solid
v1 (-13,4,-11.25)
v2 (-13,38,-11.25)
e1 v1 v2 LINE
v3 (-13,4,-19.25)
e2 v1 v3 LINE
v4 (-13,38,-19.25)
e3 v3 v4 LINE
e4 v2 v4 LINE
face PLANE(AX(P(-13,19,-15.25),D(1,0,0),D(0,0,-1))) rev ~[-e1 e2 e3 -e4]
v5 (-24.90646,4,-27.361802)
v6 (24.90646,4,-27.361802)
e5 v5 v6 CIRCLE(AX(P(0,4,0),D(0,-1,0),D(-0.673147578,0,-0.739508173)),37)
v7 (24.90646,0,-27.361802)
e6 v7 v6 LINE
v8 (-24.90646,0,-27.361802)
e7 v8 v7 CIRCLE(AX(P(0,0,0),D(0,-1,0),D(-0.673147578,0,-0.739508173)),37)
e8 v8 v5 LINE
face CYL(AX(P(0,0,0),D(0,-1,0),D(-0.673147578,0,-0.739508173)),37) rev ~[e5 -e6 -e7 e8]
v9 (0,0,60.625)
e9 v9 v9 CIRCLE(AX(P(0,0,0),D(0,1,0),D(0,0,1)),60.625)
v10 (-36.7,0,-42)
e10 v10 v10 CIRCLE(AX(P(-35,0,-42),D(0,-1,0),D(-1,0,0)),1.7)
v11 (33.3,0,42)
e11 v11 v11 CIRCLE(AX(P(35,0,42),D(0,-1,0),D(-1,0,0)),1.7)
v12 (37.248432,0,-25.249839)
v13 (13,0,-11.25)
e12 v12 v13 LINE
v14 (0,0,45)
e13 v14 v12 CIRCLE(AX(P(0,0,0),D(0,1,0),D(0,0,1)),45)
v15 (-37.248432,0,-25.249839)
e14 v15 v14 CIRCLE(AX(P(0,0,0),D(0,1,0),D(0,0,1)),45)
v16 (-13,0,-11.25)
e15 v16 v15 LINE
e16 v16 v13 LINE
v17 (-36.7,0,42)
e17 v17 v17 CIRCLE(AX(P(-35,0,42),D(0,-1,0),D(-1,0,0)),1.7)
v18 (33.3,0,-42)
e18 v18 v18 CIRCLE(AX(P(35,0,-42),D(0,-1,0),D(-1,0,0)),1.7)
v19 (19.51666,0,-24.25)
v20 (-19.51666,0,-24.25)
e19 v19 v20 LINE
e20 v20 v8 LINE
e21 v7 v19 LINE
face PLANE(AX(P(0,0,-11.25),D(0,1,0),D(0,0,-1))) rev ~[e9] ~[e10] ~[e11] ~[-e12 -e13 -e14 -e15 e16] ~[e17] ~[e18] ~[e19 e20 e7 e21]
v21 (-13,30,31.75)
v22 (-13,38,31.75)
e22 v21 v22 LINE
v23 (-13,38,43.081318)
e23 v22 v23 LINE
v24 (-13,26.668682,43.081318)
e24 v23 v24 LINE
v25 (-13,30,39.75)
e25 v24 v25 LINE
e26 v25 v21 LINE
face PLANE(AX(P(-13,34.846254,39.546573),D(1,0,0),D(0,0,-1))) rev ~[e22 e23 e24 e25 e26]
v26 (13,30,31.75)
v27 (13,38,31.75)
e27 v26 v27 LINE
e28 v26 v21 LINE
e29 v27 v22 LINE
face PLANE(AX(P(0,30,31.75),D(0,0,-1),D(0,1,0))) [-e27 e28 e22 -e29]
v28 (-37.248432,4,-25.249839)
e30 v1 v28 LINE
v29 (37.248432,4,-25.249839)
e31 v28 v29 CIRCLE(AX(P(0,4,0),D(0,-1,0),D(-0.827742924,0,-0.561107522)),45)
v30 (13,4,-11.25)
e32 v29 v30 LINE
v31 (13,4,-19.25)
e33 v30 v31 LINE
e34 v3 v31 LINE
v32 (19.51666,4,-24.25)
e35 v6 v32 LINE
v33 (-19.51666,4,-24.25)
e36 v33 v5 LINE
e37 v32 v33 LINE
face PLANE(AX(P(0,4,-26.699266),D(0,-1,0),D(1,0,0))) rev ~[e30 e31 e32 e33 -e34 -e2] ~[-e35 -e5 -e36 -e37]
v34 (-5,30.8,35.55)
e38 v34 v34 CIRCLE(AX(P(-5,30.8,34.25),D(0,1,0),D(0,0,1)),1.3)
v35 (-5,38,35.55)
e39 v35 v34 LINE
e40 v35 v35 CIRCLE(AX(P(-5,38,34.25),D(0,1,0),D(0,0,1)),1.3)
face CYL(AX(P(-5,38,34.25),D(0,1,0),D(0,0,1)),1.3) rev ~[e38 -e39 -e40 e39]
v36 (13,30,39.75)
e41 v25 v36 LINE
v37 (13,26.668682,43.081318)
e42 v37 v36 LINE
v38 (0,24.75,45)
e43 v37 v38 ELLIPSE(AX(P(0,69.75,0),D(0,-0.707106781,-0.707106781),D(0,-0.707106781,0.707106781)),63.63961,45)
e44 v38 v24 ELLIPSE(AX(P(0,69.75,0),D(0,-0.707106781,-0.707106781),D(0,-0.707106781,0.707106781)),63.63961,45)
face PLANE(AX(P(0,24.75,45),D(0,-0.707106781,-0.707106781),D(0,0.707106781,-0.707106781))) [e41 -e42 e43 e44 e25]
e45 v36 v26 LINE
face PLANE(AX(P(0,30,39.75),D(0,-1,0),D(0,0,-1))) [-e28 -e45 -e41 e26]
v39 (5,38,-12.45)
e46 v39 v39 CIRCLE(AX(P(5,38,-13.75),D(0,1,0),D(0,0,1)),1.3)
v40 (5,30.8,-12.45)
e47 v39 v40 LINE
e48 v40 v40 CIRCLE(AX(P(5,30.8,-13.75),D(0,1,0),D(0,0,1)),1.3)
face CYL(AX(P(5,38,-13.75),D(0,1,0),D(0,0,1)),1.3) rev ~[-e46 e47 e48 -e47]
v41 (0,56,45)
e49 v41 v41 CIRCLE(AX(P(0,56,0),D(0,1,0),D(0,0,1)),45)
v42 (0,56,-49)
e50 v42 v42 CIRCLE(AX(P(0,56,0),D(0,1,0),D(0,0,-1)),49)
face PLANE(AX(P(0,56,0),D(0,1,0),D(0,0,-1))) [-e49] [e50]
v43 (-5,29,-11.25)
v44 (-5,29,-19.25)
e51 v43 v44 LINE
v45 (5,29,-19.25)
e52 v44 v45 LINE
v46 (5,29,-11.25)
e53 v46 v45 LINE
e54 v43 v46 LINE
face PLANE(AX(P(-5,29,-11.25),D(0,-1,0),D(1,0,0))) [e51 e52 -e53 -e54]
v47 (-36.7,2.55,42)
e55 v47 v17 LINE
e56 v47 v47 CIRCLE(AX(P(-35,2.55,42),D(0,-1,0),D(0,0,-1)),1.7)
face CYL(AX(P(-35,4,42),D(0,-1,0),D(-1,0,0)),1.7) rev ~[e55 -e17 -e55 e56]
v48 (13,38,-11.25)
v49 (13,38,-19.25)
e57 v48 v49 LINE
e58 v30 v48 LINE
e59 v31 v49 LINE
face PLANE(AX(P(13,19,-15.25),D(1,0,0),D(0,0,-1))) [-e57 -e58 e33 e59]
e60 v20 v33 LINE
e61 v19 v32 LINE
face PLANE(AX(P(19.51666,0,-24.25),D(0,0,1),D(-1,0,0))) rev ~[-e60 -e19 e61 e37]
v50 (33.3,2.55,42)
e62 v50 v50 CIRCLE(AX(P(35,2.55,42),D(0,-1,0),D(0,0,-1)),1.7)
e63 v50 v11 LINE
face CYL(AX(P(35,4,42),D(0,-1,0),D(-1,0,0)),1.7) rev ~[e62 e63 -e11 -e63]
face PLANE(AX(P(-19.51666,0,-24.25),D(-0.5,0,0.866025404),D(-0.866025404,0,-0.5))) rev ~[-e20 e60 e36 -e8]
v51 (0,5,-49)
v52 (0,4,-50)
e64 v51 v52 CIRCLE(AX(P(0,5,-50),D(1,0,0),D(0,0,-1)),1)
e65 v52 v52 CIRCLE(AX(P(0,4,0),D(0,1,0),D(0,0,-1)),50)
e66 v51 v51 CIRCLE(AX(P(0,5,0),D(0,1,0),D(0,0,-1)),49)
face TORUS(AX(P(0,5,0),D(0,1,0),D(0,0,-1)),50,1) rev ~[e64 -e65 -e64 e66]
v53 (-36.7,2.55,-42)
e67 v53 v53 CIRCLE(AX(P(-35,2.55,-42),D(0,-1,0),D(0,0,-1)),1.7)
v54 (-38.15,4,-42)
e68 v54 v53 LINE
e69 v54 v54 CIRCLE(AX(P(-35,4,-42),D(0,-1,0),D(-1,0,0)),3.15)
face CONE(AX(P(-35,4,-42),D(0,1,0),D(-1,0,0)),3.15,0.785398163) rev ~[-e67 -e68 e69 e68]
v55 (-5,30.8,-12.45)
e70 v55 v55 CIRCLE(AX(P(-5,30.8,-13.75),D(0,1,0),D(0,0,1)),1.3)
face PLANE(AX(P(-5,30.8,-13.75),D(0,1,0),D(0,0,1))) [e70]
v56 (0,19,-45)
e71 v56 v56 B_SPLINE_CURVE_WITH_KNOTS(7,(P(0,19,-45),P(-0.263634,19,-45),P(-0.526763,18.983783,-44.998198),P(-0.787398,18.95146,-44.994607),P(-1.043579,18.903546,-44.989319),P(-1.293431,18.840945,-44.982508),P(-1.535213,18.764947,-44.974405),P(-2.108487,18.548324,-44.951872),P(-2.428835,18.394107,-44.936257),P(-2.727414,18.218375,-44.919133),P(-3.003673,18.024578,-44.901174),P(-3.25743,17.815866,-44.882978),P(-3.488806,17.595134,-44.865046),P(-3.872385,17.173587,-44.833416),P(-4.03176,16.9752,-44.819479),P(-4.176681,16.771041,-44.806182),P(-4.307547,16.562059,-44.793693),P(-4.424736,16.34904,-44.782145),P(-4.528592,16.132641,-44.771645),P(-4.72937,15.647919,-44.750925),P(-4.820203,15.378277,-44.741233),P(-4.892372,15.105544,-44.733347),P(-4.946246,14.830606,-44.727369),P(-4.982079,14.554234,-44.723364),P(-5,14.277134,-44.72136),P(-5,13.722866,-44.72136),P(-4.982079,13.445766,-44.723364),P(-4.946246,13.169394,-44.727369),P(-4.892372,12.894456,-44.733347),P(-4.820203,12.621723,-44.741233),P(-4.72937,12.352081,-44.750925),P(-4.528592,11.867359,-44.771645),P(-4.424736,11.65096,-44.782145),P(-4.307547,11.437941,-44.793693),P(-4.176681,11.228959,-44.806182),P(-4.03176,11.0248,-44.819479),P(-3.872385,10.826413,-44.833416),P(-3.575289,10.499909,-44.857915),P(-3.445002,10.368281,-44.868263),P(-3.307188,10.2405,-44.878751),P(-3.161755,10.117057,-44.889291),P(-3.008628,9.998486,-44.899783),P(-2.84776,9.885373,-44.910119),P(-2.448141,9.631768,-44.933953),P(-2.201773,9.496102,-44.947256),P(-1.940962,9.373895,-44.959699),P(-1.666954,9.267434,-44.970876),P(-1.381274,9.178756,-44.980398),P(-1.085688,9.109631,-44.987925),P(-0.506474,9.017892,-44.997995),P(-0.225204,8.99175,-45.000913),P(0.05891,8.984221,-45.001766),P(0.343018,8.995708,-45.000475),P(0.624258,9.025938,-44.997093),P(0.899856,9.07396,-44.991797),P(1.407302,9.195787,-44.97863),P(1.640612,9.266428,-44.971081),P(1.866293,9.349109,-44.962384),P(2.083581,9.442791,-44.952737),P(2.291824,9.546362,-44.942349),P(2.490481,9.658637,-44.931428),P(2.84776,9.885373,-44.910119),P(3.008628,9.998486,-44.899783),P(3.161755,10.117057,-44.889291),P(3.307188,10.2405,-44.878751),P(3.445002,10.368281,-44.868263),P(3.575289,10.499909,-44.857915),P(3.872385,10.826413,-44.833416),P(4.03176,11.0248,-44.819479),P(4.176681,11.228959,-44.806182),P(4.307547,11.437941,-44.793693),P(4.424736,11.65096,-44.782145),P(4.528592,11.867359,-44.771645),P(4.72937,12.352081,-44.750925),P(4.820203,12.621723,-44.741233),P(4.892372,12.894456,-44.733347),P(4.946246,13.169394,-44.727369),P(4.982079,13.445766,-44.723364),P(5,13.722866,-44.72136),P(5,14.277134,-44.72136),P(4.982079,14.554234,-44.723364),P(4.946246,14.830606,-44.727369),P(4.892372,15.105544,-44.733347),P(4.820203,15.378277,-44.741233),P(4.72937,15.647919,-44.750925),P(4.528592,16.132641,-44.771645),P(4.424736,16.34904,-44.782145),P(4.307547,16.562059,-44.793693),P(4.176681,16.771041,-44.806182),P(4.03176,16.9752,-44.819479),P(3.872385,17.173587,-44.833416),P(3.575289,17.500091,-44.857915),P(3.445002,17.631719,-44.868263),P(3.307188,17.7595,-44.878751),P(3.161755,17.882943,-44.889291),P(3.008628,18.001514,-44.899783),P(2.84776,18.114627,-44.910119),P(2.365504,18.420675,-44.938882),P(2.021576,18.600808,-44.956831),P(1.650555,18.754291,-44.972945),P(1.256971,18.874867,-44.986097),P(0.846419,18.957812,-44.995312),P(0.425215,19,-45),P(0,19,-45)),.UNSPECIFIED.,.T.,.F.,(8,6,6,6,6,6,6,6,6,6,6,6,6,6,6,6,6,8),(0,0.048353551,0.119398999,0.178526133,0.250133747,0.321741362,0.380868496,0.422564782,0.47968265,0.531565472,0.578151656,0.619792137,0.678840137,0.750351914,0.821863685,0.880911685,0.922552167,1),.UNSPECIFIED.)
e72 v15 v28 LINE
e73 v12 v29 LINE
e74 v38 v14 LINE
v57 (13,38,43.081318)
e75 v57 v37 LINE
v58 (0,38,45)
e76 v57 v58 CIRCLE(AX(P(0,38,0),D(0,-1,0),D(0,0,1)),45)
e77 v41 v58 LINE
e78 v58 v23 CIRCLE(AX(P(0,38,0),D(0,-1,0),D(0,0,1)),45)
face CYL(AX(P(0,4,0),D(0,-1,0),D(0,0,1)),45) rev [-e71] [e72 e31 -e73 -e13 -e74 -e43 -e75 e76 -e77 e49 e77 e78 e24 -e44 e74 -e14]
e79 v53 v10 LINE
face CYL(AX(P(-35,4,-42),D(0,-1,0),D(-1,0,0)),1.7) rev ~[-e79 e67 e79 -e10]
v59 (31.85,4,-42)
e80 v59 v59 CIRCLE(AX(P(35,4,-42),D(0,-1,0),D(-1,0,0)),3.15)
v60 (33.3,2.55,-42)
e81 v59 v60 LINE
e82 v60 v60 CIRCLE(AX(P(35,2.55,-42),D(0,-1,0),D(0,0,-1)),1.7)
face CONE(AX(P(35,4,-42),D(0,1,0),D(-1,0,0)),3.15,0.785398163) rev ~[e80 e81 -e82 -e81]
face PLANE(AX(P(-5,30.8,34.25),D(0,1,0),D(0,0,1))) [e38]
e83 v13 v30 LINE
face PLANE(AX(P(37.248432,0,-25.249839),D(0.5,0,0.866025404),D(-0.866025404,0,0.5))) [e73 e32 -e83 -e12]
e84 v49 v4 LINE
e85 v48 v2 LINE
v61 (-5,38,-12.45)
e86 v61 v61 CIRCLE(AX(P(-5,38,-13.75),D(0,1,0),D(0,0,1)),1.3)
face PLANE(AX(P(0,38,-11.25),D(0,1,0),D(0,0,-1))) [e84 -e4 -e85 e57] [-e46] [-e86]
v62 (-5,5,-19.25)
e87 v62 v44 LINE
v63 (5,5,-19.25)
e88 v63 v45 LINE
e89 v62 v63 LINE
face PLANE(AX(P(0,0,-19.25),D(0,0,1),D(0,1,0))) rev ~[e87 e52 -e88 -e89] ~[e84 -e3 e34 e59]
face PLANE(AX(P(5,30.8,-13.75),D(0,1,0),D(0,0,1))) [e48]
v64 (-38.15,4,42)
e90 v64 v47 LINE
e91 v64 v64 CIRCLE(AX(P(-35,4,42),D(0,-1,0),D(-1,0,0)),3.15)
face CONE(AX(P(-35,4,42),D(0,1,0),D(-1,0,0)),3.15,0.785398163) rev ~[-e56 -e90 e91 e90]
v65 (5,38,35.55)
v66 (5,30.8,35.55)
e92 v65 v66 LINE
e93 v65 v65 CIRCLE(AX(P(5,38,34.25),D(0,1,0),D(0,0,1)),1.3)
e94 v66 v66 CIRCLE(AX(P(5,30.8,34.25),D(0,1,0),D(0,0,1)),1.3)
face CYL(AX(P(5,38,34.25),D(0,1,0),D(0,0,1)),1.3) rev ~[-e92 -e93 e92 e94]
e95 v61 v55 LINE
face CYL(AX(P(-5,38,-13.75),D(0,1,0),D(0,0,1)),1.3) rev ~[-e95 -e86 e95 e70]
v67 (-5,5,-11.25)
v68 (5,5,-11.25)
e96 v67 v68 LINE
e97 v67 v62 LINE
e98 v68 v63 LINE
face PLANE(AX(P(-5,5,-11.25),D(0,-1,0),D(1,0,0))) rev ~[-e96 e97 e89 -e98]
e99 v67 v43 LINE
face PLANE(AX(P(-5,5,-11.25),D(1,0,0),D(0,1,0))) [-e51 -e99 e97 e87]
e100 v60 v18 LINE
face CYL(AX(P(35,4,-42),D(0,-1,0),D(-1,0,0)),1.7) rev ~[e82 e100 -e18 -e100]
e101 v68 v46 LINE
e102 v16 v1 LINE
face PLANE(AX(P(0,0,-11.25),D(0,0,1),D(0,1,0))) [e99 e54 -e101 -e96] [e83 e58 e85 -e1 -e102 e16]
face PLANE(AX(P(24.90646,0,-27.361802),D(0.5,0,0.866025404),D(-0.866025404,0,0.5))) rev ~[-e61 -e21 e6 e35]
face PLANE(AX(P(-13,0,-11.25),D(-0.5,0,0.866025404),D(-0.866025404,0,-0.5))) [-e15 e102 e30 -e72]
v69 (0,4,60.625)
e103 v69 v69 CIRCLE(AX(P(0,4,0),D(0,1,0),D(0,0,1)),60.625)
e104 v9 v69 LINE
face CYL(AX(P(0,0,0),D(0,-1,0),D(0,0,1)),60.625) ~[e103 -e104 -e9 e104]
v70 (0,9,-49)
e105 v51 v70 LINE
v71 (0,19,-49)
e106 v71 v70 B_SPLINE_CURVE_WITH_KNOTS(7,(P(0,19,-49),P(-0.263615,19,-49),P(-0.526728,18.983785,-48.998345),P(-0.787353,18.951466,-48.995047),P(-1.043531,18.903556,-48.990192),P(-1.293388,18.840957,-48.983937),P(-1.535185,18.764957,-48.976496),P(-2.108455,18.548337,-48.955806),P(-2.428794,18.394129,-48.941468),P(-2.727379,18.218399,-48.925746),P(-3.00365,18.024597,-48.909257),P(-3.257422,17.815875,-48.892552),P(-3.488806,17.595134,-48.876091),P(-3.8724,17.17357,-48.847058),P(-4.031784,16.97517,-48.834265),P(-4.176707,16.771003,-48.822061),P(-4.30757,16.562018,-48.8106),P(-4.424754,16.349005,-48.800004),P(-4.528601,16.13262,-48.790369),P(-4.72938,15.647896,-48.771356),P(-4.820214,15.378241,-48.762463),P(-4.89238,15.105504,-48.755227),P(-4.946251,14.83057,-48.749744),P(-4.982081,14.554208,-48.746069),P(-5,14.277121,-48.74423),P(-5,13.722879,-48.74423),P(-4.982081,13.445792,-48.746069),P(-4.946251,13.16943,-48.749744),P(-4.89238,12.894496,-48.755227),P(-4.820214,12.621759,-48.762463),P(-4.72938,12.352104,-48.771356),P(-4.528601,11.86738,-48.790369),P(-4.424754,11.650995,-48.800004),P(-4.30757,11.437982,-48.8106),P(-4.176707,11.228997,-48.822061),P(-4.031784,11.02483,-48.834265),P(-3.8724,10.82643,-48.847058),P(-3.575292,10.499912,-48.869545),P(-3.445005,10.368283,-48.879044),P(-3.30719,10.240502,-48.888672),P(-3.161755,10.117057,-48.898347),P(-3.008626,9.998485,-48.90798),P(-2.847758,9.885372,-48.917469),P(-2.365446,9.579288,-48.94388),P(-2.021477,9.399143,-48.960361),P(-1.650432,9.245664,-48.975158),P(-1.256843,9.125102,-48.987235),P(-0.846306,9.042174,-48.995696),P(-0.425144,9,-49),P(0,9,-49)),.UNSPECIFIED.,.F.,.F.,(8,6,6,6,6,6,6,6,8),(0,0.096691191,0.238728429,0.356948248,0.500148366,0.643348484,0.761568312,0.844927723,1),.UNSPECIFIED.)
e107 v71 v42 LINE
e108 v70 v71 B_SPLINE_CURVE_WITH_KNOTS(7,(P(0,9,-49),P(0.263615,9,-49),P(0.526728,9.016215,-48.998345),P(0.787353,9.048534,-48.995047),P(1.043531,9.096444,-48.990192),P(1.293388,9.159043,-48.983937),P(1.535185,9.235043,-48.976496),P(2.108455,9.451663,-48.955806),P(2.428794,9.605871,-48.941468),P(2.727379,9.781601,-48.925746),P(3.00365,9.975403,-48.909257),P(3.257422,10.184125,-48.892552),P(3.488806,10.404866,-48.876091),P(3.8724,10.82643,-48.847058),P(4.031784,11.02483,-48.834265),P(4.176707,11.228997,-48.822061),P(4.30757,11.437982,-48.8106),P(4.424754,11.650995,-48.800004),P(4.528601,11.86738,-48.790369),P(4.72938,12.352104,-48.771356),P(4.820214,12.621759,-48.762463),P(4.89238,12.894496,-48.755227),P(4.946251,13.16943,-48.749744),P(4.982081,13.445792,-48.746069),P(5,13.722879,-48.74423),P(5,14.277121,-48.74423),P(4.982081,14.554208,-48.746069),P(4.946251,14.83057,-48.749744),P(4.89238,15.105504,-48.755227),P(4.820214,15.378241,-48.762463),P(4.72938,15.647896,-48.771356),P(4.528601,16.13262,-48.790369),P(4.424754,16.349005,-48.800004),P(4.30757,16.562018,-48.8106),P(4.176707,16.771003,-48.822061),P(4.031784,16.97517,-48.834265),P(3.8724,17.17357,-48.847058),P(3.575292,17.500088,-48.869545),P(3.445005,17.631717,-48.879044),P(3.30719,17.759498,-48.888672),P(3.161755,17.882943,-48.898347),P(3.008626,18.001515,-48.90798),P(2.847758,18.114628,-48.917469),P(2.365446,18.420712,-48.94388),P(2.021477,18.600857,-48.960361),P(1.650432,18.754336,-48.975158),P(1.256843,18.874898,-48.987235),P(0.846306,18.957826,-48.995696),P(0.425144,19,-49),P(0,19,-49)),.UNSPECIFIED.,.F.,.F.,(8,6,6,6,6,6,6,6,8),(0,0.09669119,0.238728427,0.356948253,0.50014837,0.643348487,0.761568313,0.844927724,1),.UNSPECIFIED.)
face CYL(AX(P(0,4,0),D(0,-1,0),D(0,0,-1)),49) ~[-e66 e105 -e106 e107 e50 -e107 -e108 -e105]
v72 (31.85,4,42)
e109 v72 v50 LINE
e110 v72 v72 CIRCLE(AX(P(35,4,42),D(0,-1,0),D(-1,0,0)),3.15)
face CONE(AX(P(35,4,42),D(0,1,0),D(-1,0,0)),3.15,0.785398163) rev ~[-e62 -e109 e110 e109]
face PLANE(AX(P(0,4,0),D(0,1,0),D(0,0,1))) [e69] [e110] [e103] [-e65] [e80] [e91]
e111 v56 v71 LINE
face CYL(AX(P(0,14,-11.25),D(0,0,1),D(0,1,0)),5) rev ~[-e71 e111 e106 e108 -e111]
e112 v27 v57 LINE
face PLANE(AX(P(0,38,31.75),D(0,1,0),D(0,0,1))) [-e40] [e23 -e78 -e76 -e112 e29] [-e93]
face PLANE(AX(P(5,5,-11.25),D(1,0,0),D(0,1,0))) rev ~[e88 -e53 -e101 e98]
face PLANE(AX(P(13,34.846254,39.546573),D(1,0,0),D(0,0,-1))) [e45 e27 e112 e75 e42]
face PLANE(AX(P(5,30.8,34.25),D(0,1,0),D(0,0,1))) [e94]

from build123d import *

# Parameters (mm, degrees)
SKETCH1_R                                           = 60.625
SKETCH1_R_2                                         = 45
BOSS_EXTRUDE1_DEPTH                                 = 4
SKETCH2_R                                           = 49
SKETCH2_R_2                                         = 45
BOSS_EXTRUDE2_DEPTH                                 = 52
SKETCH3_W                                           = 8
SKETCH3_H                                           = 38
BOSS_EXTRUDE3_DEPTH                                 = 13
SKETCH6_W                                           = 10
SKETCH6_H                                           = 24
CUT_EXTRUDE1_DEPTH                                  = 26
SKETCH7_R                                           = 5
CUT_EXTRUDE2_DEPTH                                  = 58
SKETCH8_R                                           = 1.3
CUT_EXTRUDE3_DEPTH                                  = 7.2
BOSS_EXTRUDE4_DEPTH                                 = 4
CSK_FOR_M3_COUNTERSUNK_FLAT_HEAD_SCREW1_D           = 3.4
CSK_FOR_M3_COUNTERSUNK_FLAT_HEAD_SCREW1_DEPTH       = 4
CSK_FOR_M3_COUNTERSUNK_FLAT_HEAD_SCREW1_CSINK_D     = 6.3
CSK_FOR_M3_COUNTERSUNK_FLAT_HEAD_SCREW1_CSINK_ANGLE = 90
CSK_FOR_M3_COUNTERSUNK_FLAT_HEAD_SCREW1_TIP         = 1.021463052
FILLET1_R                                           = 1


with BuildPart() as part:
    # Sketch1 → Boss-Extrude1 (new body)
    with BuildSketch(Plane(origin=(0, 0, 0), x_dir=(1, 0, 0), z_dir=(0, 1, 0))):
        with Locations(Location((0, 0, 0), (0, 0, 270))):
            Circle(SKETCH1_R)
        with Locations(Location((0, 0, 0), (0, 0, 270))):
            Circle(SKETCH1_R_2, mode=Mode.SUBTRACT)
    extrude(amount=BOSS_EXTRUDE1_DEPTH)

    # Sketch2 → Boss-Extrude2 (add)
    with BuildSketch(Plane(origin=(0, 4, 0), x_dir=(1, 0, 0), z_dir=(0, 1, 0))):
        with Locations(Location((0, 0, 0), (0, 0, 90))):
            Circle(SKETCH2_R)
        with Locations(Location((0, 0, 0), (0, 0, 270))):
            Circle(SKETCH2_R_2, mode=Mode.SUBTRACT)
    extrude(amount=BOSS_EXTRUDE2_DEPTH)

    # Sketch3 → Boss-Extrude3 (add, symmetric)
    with BuildSketch(Plane(origin=(0, 0, 0), x_dir=(0, 0, -1), z_dir=(1, 0, 0))):
        with Locations((15.25, 19)):
            Rectangle(SKETCH3_W, SKETCH3_H)
        Polygon((-45, 38), (-45, 30), (-39.75, 30), (-31.75, 38), align=None)
        Polygon((-39.75, 30), (-45, 30), (-45, 24.75), align=None)
        Polygon((-31.75, 38), (-39.75, 30), (-31.75, 30), align=None)
    extrude(amount=BOSS_EXTRUDE3_DEPTH, both=True)


with BuildPart() as boss_extrude3_piece_1:
    # of the separate pieces the step leaves, piece 1, a body of its own (boss_extrude3_pieces)
    add(part.part.solids().sort_by_distance((0, 0, 60.625))[0])

    # Sketch7 → Cut-Extrude2 (cut)
    with BuildSketch(Plane.XY.offset(-11.25)):
        with Locations(Location((0, 14, 0), (0, 0, 90))):
            Circle(SKETCH7_R)
    extrude(amount=-CUT_EXTRUDE2_DEPTH, mode=Mode.SUBTRACT)


with BuildPart() as boss_extrude3_piece_2:
    # of the separate pieces the step leaves, piece 2, a body of its own (boss_extrude3_pieces)
    add(part.part.solids().sort_by_distance((-13, 38, -19.25))[0])

    # Sketch6 → Cut-Extrude1 (cut)
    with BuildSketch(Plane.XY.offset(-11.25)):
        with Locations((0, 17)):
            Rectangle(SKETCH6_W, SKETCH6_H)
    extrude(amount=-CUT_EXTRUDE1_DEPTH, mode=Mode.SUBTRACT)


with BuildPart() as cut_extrude3_tool:
    # Sketch8 → Cut-Extrude3 (new body)
    with BuildSketch(Plane(origin=(0, 38, 0), x_dir=(1, 0, 0), z_dir=(0, 1, 0))):
        with Locations(Location((-5, 13.75, 0), (0, 0, 270))):
            Circle(SKETCH8_R)
        with Locations(Location((5, 13.75, 0), (0, 0, 270))):
            Circle(SKETCH8_R)
        with Locations(Location((-5, -34.25, 0), (0, 0, 270))):
            Circle(SKETCH8_R)
        with Locations(Location((5, -34.25, 0), (0, 0, 270))):
            Circle(SKETCH8_R)
    extrude(amount=-CUT_EXTRUDE3_DEPTH)


with BuildPart() as boss_extrude3_piece_1_1:
    add(boss_extrude3_piece_1.part)

    # Cut-Extrude3: cut by cut_extrude3_tool
    add(cut_extrude3_tool.part, mode=Mode.SUBTRACT)



with BuildPart() as boss_extrude3_piece_2_1:
    add(boss_extrude3_piece_2.part)

    # Cut-Extrude3: cut by cut_extrude3_tool
    add(cut_extrude3_tool.part, mode=Mode.SUBTRACT)


with BuildPart() as boss_extrude3_piece_1_2:
    add(boss_extrude3_piece_1_1.part)

    add(boss_extrude3_piece_2_1.part)  # Boss-Extrude4 merges Boss-Extrude3 piece 2
    # Sketch9 → Boss-Extrude4 (add)
    with BuildSketch(Plane.XZ):
        with BuildLine():
            Line((13, -11.25), (-13, -11.25))
            Line((-13, -11.25), (-37.248431585, -25.249838503))
            ThreePointArc((-37.248431585, -25.249838503), (0, -45), (37.248431585, -25.249838503))
            Line((37.248431585, -25.249838503), (13, -11.25))
        make_face()
        with BuildLine():
            Line((-19.516660498, -24.25), (-24.906460381, -27.361802413))
            ThreePointArc((-24.906460381, -27.361802413), (0, -37), (24.906460381, -27.361802413))
            Line((24.906460381, -27.361802413), (19.516660498, -24.25))
            Line((19.516660498, -24.25), (-19.516660498, -24.25))
        make_face(mode=Mode.SUBTRACT)
    extrude(amount=-BOSS_EXTRUDE4_DEPTH)

    # CSK for M3 Countersunk Flat Head Screw1
    with Locations(Plane(origin=(0, 4, 0), x_dir=(1, 0, 0), z_dir=(0, 1, 0))):
        with Locations((-35, 42), (35, 42), (35, -42), (-35, -42)):
            CounterSinkHole(CSK_FOR_M3_COUNTERSUNK_FLAT_HEAD_SCREW1_D / 2, CSK_FOR_M3_COUNTERSUNK_FLAT_HEAD_SCREW1_CSINK_D / 2, depth=CSK_FOR_M3_COUNTERSUNK_FLAT_HEAD_SCREW1_DEPTH, counter_sink_angle=CSK_FOR_M3_COUNTERSUNK_FLAT_HEAD_SCREW1_CSINK_ANGLE)
            with Locations((0, 0, -(CSK_FOR_M3_COUNTERSUNK_FLAT_HEAD_SCREW1_DEPTH + CSK_FOR_M3_COUNTERSUNK_FLAT_HEAD_SCREW1_TIP / 2))):  # 118° drill point
                Cone(0, CSK_FOR_M3_COUNTERSUNK_FLAT_HEAD_SCREW1_D / 2, CSK_FOR_M3_COUNTERSUNK_FLAT_HEAD_SCREW1_TIP, mode=Mode.SUBTRACT)

    # Fillet1
    fillet1_edges = [boss_extrude3_piece_1_2.edges().sort_by_distance(p)[0] for p in [
        (0, 4, 49),
    ]]
    fillet(fillet1_edges, radius=FILLET1_R)


solid = boss_extrude3_piece_1_2.part
